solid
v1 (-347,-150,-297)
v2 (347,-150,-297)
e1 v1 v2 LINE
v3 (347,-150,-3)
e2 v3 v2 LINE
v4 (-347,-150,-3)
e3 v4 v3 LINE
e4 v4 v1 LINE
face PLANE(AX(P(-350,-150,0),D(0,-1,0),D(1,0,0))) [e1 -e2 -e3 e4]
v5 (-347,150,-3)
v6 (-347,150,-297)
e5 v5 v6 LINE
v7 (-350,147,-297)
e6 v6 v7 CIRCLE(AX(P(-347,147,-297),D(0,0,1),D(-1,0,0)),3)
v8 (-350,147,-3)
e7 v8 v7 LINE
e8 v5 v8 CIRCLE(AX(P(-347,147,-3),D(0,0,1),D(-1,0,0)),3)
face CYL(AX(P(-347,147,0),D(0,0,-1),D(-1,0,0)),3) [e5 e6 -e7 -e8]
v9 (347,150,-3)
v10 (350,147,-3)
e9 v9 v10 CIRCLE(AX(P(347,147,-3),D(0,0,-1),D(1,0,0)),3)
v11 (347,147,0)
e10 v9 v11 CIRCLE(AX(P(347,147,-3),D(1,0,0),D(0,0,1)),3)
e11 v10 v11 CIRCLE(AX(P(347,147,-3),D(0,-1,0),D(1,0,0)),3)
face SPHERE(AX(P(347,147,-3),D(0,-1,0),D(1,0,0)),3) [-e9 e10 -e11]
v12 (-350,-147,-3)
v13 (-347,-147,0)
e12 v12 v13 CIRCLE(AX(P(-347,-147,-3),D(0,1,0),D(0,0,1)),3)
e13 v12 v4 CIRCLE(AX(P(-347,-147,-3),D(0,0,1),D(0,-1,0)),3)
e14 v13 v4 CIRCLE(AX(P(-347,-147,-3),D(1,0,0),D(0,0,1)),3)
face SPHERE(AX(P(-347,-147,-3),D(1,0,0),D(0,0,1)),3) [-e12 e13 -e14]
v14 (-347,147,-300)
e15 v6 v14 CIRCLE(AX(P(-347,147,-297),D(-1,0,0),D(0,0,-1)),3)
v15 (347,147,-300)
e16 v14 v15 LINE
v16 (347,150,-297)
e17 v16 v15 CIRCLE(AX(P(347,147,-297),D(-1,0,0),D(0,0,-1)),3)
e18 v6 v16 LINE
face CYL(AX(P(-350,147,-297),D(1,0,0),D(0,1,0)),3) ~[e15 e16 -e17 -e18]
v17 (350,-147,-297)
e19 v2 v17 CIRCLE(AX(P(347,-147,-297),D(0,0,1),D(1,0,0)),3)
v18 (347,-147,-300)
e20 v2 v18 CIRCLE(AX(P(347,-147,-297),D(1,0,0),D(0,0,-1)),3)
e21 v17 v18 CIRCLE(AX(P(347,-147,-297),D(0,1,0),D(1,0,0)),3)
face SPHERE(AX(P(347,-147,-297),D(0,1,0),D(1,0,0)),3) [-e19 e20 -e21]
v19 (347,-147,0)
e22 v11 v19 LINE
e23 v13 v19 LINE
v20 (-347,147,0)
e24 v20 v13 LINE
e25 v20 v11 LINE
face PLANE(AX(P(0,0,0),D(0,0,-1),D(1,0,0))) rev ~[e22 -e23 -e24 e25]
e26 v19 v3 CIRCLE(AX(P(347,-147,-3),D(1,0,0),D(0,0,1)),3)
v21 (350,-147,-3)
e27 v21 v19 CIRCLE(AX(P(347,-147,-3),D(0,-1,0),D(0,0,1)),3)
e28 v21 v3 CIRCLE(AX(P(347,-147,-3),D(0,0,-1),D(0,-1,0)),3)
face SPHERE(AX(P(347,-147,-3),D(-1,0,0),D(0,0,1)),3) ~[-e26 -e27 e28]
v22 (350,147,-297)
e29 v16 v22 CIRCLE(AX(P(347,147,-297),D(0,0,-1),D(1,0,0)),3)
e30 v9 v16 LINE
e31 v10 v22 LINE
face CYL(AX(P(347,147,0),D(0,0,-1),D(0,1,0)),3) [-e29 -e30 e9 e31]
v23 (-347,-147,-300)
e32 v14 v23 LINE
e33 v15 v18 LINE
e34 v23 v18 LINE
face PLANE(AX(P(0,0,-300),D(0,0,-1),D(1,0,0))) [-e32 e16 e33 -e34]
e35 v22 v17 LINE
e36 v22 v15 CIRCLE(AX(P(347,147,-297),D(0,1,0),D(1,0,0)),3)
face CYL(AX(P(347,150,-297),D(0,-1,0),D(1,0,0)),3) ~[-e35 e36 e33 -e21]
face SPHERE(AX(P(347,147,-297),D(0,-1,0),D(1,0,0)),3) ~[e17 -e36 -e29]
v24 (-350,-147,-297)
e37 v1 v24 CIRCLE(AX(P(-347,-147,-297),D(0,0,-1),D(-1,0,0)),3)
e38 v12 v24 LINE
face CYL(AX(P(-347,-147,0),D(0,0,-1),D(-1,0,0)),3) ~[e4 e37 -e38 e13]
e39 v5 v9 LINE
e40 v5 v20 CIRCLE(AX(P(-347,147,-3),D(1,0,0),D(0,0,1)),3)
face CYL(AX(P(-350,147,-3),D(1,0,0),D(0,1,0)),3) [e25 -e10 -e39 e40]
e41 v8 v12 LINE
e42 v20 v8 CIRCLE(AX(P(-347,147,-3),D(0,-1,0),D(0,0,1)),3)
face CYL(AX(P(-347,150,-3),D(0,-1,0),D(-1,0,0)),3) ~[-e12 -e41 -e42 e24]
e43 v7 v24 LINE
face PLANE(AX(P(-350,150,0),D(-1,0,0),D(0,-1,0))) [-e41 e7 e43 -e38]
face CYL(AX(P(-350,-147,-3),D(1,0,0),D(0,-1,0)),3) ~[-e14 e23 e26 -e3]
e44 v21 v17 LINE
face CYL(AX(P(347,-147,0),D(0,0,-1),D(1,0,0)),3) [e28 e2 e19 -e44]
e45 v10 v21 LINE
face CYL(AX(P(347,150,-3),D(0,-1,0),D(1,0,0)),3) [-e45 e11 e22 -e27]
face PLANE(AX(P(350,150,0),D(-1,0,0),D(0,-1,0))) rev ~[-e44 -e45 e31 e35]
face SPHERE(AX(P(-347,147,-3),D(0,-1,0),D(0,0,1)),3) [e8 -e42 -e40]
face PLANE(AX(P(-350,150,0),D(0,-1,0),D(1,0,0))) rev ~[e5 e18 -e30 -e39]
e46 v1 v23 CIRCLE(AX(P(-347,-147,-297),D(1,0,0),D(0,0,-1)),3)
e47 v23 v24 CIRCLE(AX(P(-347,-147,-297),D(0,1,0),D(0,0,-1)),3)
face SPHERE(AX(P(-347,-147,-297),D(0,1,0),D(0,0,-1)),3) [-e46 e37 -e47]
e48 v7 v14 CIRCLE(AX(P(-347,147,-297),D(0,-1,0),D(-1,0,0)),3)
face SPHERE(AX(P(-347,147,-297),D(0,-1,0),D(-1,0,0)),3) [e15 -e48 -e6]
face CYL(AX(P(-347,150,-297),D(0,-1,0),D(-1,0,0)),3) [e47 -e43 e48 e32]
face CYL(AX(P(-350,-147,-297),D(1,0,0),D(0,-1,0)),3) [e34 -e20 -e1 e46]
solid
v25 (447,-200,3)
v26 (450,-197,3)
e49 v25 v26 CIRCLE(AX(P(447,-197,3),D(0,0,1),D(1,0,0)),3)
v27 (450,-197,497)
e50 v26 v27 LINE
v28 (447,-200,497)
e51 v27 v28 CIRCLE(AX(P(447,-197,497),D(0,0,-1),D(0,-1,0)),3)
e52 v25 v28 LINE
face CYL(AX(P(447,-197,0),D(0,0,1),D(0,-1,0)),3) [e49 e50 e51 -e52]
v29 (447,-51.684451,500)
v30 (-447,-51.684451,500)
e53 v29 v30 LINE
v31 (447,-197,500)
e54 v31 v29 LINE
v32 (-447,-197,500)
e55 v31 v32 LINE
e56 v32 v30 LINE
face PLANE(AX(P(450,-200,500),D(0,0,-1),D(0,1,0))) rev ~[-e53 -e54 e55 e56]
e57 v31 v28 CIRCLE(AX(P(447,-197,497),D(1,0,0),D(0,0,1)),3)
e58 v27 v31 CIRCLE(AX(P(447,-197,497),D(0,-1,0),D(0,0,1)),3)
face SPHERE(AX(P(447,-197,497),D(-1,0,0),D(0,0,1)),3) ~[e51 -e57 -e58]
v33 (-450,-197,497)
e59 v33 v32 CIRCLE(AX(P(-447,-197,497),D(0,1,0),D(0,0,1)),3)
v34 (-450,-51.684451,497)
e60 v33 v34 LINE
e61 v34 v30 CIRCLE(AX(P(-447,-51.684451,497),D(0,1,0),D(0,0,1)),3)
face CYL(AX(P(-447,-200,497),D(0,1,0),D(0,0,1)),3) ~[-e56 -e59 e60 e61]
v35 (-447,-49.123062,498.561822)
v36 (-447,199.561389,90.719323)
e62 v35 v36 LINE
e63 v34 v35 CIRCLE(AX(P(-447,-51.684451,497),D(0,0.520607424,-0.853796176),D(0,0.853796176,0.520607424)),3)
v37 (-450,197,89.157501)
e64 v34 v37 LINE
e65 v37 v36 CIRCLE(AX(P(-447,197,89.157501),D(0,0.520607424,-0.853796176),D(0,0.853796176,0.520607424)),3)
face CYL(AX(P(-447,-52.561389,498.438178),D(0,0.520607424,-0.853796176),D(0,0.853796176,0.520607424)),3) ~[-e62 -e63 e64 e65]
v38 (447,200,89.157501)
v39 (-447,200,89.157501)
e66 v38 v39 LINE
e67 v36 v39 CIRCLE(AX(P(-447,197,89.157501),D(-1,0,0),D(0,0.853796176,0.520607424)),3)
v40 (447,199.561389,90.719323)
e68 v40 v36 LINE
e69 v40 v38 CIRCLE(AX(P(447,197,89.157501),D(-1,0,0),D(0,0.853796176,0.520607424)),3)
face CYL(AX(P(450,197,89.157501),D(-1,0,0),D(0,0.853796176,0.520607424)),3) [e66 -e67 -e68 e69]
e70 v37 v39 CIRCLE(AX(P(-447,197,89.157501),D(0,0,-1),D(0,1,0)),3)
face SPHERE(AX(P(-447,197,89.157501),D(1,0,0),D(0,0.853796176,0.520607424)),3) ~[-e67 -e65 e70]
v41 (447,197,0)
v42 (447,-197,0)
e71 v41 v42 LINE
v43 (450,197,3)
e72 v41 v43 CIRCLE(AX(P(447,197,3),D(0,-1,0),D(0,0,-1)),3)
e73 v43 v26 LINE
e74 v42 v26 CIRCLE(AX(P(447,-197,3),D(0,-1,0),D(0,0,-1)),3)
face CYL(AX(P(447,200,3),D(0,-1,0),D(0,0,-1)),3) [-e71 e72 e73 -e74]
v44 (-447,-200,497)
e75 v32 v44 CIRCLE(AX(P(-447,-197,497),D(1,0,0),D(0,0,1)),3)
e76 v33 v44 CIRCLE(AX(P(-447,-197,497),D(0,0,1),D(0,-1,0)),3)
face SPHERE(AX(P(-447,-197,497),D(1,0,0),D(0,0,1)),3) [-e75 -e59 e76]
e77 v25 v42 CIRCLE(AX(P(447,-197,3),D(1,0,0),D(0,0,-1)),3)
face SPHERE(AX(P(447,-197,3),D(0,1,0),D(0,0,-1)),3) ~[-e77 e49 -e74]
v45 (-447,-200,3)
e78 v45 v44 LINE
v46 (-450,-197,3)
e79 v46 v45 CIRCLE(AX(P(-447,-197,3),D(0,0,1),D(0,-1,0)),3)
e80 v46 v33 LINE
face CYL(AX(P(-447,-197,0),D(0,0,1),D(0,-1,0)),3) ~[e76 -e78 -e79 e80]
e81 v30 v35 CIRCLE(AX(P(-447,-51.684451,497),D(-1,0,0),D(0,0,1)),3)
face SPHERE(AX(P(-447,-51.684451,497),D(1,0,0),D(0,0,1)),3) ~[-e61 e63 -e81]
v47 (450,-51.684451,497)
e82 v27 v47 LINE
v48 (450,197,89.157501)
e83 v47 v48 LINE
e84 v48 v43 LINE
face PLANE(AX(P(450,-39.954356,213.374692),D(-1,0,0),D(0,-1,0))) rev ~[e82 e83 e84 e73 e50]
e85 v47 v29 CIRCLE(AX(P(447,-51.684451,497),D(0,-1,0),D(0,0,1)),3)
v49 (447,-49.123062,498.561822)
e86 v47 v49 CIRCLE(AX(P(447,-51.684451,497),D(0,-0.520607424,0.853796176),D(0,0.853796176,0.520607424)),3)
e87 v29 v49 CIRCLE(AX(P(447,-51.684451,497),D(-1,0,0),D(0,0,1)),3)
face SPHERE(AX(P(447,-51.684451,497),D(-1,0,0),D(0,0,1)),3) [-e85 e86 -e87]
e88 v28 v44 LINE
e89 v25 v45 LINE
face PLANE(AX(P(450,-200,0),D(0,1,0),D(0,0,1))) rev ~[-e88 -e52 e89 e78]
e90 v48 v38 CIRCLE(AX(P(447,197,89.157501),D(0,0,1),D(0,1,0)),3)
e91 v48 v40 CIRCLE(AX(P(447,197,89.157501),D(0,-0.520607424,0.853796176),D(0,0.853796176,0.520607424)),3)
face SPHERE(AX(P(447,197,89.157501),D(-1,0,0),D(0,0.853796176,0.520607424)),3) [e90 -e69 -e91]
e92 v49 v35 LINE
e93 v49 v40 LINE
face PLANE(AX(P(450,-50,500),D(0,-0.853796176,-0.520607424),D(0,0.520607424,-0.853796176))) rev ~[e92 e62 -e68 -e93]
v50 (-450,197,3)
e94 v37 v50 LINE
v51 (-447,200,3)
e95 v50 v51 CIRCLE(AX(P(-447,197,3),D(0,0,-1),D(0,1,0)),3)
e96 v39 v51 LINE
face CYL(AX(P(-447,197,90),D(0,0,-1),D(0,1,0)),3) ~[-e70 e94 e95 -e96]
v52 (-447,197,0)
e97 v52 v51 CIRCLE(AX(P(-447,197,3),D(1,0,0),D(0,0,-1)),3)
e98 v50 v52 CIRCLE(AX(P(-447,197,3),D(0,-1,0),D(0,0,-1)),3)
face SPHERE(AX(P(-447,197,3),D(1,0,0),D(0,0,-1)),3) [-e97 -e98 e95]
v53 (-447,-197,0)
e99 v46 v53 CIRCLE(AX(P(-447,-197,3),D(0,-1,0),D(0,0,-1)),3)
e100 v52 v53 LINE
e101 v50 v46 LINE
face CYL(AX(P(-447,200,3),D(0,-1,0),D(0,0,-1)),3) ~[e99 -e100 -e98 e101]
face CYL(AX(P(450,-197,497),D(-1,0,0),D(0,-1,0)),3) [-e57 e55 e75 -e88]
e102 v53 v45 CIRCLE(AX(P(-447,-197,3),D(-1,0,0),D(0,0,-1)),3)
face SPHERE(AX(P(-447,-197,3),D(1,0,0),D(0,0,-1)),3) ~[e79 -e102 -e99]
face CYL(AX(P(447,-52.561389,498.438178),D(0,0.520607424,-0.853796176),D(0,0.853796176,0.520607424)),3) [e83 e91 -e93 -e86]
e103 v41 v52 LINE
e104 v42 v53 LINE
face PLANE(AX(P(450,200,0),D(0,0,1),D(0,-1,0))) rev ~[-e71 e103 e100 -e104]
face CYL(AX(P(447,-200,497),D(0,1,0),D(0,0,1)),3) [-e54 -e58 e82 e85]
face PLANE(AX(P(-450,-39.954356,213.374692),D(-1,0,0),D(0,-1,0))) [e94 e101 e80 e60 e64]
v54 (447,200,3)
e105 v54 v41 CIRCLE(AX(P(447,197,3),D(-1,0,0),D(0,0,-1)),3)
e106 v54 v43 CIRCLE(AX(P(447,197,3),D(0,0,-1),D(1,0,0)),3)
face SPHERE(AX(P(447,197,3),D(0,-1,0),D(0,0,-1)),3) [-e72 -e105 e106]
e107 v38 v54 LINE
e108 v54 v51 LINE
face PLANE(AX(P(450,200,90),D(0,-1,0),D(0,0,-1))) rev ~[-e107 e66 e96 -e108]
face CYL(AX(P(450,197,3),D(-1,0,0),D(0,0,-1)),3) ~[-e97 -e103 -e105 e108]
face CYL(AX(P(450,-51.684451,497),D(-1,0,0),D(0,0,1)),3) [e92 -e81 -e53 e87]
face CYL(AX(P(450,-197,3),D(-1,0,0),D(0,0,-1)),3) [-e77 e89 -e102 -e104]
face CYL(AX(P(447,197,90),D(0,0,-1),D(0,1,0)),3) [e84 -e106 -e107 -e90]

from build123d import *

# Parameters (mm, degrees)
F4_DEPTH = 900
F5_W     = 700
F5_H     = 300
F6_DEPTH = 300
F7_R     = 3
F8_R     = 3


with BuildPart() as f4:
    # F3 (on face) → F4 (new body, through all)
    with BuildSketch(Plane(origin=(450, 0, 0), x_dir=(0, -1, 0), z_dir=(-1, 0, 0))):
        Polygon((-200, 0), (200, 0), (200, 500), (50, 500), (-200, 90), align=None)
    extrude(amount=F4_DEPTH)

    # F7
    f7_edges = [f4.edges().sort_by_distance(p)[0] for p in [
        (0, 200, 90),
        (0, -50, 500),
        (0, -200, 500),
        (450, 0, 0),
        (0, 200, 0),
        (450, -125, 500),
        (-450, -125, 500),
        (450, 75, 295),
        (0, -200, 0),
        (-450, 0, 0),
        (450, -200, 250),
        (-450, -200, 250),
        (-450, 75, 295),
        (450, 200, 45),
        (-450, 200, 45),
    ]]
    fillet(f7_edges, radius=F7_R)


with BuildPart() as f6:
    # F5 (on face) → F6 (new body, through all)
    with BuildSketch(Plane(origin=(0, 0, 0), x_dir=(1, 0, 0), z_dir=(0, 0, -1))):
        Rectangle(F5_W, F5_H)
    extrude(amount=F6_DEPTH)

    # F8
    f8_edges = [f6.edges().sort_by_distance(p)[0] for p in [
        (0, -150, 0),
        (-350, 0, 0),
        (350, 0, 0),
        (350, 0, -300),
        (-350, 0, -300),
        (350, -150, -150),
        (350, 150, -150),
        (0, -150, -300),
        (0, 150, 0),
        (-350, 150, -150),
        (0, 150, -300),
        (-350, -150, -150),
    ]]
    fillet(f8_edges, radius=F8_R)


solid = Compound([f4.part, f6.part])
